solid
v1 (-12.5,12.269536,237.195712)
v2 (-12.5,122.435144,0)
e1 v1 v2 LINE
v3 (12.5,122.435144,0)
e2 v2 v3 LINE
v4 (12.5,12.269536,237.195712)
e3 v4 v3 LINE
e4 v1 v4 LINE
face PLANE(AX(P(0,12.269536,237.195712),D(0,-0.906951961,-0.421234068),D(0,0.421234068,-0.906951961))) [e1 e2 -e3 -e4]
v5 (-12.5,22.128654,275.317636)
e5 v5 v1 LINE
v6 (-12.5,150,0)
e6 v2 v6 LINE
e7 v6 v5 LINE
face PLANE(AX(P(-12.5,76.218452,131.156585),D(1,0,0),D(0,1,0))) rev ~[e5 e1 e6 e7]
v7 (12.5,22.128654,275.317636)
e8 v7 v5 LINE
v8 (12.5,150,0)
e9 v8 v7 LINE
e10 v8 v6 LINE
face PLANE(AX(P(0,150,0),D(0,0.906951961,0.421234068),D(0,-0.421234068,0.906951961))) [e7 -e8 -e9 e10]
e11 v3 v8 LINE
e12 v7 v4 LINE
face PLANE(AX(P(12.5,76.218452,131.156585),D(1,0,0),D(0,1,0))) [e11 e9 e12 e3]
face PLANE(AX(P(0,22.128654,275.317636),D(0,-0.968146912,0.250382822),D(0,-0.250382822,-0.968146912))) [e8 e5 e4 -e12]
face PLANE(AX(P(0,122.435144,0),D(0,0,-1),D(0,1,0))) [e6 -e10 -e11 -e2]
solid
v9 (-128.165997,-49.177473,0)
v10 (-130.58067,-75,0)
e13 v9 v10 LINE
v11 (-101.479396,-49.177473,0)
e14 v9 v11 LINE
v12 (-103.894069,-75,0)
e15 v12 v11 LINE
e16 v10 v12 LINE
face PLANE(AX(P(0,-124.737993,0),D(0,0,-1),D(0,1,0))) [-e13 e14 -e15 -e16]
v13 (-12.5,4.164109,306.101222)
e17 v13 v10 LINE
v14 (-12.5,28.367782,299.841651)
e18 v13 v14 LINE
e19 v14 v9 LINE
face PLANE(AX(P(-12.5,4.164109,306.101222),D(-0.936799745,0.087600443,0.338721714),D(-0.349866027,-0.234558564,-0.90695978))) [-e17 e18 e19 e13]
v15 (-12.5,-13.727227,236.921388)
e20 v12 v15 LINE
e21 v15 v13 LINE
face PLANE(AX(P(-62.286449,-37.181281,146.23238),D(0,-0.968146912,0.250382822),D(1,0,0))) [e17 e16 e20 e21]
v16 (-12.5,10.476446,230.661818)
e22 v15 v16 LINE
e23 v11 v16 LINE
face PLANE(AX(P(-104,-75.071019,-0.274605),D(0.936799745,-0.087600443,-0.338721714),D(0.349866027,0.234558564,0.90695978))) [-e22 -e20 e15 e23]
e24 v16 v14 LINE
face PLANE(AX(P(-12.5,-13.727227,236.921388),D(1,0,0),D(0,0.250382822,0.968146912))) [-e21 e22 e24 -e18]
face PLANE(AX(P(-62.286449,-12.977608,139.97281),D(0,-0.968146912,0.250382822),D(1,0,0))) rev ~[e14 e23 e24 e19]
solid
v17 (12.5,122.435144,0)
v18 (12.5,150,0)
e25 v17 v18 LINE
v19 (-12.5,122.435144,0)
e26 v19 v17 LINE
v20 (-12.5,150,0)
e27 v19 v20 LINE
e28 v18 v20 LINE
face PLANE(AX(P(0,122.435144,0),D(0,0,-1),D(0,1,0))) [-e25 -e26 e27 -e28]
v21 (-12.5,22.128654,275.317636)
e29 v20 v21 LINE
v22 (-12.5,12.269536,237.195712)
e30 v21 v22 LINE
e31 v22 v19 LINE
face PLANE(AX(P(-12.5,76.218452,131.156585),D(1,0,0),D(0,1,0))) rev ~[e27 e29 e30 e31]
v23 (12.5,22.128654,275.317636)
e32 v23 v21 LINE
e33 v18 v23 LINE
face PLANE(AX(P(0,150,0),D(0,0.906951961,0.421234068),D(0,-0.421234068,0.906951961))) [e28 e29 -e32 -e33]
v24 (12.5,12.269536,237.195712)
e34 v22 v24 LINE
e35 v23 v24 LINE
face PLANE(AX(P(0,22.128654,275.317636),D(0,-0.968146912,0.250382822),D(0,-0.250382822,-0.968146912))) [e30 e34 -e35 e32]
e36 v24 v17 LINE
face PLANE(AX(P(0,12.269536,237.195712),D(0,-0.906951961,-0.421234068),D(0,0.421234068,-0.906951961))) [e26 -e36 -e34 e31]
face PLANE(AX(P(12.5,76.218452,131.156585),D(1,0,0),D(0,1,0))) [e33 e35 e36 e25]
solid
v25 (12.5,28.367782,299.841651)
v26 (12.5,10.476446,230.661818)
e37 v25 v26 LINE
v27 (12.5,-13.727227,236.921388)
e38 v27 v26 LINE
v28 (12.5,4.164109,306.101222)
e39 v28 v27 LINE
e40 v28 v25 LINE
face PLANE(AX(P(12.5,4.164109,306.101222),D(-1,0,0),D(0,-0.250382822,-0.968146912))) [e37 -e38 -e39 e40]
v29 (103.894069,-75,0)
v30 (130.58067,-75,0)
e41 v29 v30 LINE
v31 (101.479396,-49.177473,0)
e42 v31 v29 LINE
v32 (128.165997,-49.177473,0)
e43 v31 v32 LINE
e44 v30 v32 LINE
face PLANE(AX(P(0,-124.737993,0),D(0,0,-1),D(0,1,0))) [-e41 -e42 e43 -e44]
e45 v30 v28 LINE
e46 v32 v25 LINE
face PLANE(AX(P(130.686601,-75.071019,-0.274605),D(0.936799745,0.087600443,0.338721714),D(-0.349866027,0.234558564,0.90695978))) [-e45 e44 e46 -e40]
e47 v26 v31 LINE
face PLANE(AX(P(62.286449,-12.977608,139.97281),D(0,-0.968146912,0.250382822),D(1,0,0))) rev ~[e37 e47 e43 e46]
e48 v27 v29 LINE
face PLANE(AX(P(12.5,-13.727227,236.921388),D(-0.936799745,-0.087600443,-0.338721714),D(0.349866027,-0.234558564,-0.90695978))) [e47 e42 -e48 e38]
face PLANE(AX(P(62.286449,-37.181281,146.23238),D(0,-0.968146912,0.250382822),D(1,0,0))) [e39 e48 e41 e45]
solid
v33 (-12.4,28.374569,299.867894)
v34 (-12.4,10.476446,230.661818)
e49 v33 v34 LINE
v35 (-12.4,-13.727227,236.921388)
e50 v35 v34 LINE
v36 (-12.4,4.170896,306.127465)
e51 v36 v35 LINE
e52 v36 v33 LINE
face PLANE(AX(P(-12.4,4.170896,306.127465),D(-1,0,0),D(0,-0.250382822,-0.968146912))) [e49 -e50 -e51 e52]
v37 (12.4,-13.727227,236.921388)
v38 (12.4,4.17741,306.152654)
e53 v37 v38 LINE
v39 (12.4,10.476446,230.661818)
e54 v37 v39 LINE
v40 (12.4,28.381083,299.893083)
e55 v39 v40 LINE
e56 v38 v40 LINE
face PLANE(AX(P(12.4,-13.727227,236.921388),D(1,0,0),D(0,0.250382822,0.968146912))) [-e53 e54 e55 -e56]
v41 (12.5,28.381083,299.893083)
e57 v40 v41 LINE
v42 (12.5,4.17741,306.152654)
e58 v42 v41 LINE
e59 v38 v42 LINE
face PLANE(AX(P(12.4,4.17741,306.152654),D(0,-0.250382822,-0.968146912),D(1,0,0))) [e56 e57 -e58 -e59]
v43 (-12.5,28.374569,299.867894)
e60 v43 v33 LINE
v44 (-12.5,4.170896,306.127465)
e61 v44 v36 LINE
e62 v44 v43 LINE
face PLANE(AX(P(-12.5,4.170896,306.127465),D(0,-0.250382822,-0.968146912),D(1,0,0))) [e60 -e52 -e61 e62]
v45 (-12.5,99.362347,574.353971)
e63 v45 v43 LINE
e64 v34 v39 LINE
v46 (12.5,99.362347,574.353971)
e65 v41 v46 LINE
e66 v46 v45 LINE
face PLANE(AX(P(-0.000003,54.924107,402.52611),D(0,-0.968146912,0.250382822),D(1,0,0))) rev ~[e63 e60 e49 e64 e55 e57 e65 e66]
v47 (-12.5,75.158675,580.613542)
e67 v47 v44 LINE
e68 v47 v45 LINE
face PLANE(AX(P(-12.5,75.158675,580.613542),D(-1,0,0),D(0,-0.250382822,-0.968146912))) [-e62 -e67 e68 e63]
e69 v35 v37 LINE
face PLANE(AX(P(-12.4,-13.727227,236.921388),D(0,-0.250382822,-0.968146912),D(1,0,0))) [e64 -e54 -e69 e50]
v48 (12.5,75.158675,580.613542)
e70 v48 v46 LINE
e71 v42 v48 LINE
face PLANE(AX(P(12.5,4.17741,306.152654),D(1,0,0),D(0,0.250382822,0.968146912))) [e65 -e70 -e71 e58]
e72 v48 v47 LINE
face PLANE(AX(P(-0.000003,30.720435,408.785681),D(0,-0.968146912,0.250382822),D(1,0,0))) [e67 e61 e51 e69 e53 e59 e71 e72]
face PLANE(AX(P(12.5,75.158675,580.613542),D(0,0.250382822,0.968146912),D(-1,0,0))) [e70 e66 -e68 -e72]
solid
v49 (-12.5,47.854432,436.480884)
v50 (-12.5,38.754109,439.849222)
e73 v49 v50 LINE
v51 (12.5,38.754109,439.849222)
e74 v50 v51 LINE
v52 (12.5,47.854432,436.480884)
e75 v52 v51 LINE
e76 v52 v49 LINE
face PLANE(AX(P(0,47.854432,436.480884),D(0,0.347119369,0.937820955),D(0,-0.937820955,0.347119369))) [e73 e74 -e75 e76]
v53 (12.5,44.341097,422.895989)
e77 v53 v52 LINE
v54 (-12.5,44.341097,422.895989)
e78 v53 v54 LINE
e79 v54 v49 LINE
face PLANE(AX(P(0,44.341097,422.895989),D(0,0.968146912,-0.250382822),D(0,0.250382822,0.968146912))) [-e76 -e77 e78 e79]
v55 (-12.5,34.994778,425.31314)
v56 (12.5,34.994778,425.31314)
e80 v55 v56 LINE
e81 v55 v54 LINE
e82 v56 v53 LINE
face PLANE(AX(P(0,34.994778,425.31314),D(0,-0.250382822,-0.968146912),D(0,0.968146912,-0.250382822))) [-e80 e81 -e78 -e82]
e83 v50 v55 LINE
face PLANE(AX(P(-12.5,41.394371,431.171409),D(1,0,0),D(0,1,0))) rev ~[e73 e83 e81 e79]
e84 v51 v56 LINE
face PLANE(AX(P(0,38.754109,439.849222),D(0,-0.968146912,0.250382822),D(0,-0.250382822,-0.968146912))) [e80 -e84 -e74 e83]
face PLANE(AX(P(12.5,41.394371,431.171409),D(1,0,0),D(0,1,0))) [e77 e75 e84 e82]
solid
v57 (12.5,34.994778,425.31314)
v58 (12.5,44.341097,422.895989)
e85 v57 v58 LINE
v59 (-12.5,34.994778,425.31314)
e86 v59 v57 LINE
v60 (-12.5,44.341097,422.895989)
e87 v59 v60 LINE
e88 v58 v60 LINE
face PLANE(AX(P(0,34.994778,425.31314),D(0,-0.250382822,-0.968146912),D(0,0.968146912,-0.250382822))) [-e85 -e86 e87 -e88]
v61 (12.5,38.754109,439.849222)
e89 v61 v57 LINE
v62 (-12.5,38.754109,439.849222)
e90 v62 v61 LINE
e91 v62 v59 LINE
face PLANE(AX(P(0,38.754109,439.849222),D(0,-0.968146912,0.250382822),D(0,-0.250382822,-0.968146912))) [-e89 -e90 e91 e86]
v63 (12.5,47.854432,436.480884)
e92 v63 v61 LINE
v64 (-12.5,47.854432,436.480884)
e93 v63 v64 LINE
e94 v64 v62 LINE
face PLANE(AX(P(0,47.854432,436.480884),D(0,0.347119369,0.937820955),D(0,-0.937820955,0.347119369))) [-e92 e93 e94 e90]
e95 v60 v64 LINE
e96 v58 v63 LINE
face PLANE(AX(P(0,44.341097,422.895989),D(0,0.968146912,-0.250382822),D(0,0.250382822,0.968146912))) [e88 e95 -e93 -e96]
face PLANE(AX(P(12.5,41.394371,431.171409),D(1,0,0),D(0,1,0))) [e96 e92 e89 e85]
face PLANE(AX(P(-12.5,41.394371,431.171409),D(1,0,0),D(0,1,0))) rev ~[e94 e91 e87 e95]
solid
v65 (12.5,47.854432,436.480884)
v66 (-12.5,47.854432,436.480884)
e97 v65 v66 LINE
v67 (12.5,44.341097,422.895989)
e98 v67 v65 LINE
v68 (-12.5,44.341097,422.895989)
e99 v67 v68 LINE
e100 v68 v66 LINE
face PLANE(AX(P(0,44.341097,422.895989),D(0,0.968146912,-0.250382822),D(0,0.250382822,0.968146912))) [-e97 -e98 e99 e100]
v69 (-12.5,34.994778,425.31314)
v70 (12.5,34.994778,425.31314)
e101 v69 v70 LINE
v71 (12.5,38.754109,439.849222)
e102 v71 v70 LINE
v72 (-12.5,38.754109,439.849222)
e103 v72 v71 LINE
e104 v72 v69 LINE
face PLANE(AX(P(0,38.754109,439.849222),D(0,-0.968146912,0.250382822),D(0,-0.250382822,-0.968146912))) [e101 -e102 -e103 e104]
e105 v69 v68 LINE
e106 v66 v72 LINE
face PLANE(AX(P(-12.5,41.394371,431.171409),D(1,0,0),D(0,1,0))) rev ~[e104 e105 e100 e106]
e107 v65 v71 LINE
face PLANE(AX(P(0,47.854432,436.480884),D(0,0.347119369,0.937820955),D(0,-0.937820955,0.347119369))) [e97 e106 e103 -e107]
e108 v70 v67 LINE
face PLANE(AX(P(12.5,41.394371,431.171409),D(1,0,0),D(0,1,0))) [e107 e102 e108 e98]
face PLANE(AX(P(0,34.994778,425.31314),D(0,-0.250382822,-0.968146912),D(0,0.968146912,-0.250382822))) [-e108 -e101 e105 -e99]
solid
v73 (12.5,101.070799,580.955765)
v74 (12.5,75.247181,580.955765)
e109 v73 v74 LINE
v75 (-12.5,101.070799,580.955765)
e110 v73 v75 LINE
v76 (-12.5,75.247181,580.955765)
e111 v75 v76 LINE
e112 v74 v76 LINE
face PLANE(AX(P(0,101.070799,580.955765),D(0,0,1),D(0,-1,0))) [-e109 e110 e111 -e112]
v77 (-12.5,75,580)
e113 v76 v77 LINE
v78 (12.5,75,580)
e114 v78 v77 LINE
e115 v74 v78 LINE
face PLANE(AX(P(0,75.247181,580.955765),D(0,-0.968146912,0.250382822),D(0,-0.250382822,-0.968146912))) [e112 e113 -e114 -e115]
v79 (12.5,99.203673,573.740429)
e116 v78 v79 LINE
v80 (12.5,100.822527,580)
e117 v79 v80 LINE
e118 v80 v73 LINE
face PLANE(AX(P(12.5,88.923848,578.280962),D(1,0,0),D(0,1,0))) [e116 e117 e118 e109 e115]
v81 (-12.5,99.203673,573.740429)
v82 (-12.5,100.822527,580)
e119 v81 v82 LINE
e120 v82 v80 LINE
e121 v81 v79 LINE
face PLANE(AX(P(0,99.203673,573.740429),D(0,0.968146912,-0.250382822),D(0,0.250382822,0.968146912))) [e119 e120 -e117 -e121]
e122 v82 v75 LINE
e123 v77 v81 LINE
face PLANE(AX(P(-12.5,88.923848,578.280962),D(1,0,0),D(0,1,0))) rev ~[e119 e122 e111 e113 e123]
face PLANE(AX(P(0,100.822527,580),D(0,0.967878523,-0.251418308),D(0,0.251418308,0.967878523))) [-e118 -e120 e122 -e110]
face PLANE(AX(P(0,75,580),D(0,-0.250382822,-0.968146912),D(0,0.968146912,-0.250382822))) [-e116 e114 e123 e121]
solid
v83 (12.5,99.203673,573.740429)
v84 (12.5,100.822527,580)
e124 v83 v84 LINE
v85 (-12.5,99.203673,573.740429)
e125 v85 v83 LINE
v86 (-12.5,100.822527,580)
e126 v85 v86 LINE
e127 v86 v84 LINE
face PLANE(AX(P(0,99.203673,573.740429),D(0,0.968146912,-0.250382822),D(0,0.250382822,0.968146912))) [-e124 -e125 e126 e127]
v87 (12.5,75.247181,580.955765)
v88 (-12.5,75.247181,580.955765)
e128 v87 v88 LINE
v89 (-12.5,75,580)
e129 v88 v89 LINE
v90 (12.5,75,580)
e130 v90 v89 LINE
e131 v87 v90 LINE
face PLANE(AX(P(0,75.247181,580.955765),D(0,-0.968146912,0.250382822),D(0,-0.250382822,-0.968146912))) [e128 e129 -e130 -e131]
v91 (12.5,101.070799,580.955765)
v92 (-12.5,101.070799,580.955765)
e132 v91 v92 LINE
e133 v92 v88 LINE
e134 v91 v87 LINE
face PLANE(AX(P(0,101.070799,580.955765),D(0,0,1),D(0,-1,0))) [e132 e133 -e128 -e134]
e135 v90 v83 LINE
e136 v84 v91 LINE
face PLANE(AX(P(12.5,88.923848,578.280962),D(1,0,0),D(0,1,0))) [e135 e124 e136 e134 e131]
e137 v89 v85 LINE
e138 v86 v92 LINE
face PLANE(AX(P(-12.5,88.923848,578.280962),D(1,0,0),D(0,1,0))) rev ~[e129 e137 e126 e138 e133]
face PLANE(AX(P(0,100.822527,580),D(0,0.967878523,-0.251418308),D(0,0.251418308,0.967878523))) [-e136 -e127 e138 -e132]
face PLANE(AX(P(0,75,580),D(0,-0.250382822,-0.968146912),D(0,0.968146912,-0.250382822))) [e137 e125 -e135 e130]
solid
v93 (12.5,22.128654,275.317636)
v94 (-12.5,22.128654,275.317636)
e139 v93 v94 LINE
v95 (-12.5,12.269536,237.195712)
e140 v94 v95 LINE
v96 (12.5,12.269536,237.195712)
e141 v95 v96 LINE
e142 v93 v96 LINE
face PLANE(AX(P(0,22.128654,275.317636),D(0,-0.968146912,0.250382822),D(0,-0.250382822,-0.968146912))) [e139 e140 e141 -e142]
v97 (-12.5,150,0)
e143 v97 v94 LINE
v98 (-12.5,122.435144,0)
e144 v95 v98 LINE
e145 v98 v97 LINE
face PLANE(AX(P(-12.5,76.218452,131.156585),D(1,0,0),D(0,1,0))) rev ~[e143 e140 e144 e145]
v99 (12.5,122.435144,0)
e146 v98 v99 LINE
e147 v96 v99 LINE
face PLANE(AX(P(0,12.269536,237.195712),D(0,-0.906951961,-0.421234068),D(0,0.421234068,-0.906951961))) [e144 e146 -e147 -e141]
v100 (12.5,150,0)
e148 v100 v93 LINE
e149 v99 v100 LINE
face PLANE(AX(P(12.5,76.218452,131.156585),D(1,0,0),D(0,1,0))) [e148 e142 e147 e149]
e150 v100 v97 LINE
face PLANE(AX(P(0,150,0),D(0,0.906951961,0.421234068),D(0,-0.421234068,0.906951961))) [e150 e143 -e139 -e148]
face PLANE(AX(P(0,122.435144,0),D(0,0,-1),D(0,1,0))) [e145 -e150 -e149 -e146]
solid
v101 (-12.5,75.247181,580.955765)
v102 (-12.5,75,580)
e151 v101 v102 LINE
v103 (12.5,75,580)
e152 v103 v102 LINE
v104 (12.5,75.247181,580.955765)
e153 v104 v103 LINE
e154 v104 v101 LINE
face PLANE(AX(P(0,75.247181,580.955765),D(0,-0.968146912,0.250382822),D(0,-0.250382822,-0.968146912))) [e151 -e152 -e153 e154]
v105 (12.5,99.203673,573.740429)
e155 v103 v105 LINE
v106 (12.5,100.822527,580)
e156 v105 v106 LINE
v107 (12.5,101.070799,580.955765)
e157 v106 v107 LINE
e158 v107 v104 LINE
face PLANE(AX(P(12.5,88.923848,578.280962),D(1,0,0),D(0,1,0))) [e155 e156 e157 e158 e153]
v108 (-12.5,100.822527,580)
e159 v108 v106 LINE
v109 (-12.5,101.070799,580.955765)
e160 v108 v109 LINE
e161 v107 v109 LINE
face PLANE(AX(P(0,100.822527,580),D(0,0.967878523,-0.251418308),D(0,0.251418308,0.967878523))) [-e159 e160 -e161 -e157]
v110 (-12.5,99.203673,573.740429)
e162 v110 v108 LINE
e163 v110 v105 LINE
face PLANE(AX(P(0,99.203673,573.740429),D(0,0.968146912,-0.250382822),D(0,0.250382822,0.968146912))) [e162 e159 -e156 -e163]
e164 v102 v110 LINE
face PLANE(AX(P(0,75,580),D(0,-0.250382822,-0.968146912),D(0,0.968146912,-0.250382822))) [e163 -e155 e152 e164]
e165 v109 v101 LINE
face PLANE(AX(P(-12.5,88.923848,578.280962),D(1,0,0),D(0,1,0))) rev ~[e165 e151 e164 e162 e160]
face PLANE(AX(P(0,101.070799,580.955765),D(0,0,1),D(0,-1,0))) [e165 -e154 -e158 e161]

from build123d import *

# Parameters (mm, degrees)
F1_DEPTH = 12.5
F4_DEPTH = 25
F5_W     = 124.7379928827
F5_H     = 31.2326587737
F6_DEPTH = 144
F7_DEPTH = 286
F8_DEPTH = 12.5
F9_DEPTH = 12.5


with BuildPart() as f1:
    # F0 (on Right) → F1 (new body, symmetric)
    with BuildSketch(Plane.YZ):
        Polygon((47.8544318382, 436.4808841203), (38.7541092446, 439.8492224126), (34.9947776088, 425.3131400874), (44.3410967838, 422.8959885766), align=None)
    extrude(amount=F1_DEPTH, both=True)

    # F5 (on Right) → F7 (cut)
    with BuildSketch(Plane.YZ):
        with Locations((-62.3689964414, -15.6163293868)):
            Rectangle(F5_W, F5_H)
    extrude(amount=F7_DEPTH, mode=Mode.SUBTRACT)


with BuildPart() as f1b:
    # F0 (on Right) → F1, piece 2 (new body, symmetric)
    with BuildSketch(Plane.YZ):
        Polygon((100.8225272427, 580), (75, 580), (99.2036727903, 573.7404294508), align=None)
        Polygon((75.2471806221, 580.9557650723), (75, 580), (100.8225272427, 580), (101.0707989335, 580.9557650723), align=None)
    extrude(amount=F1_DEPTH, both=True)


with BuildPart() as f1c:
    # F0 (on Right) → F1, piece 3 (new body, symmetric)
    with BuildSketch(Plane.YZ):
        Polygon((22.1286542179, 275.3176358827), (12.2695358597, 237.1957115644), (122.4351442278, 0), (150, 0), align=None)
    extrude(amount=F1_DEPTH, both=True)


with BuildPart() as f4:
    # F3 (on offset) → F4 (new body)
    with BuildSketch(Plane(origin=(0, -70.2981331847, 18.1805516857), x_dir=(1, 0, 0), z_dir=(0, -0.9681469116, 0.250382822))):
        Polygon((-104, -19.0623514354), (-12.5, 225.9376485646), (-12.5, 297.3935737636), (-35.919994271, 234.6842994862), (-127.419994271, -10.3157005138), (-130.6866006356, -19.0623514354), (-130, -19.0623514354), align=None)
    extrude(amount=-F4_DEPTH)


with BuildPart() as f4b:
    # F3 (on offset) → F4, piece 2 (new body)
    with BuildSketch(Plane(origin=(0, -70.2981331847, 18.1805516857), x_dir=(1, 0, 0), z_dir=(0, -0.9681469116, 0.250382822))):
        Polygon((-12.4, 225.9376485646), (12.4, 225.9376485646), (12.4, 297.3935737636), (12.4, 297.4466979504), (12.5, 297.4466979504), (12.5, 580.9376485646), (-12.5, 580.9376485646), (-12.5, 297.4206805229), (-12.4, 297.4206805229), (-12.4, 297.3935737636), align=None)
    extrude(amount=-F4_DEPTH)


with BuildPart() as f4c:
    # F3 (on offset) → F4, piece 3 (new body)
    with BuildSketch(Plane(origin=(0, -70.2981331847, 18.1805516857), x_dir=(1, 0, 0), z_dir=(0, -0.9681469116, 0.250382822))):
        Polygon((12.5, 297.3935737636), (12.5, 225.9376485646), (104, -19.0623514354), (130.6866006356, -19.0623514354), (127.419994271, -10.3157005138), align=None)
    extrude(amount=-F4_DEPTH)


with BuildPart() as f6_tool:
    # F5 (on Right) → F6 (new body, symmetric)
    with BuildSketch(Plane.YZ):
        with Locations((-62.3689964414, -15.6163293868)):
            Rectangle(F5_W, F5_H)
    extrude(amount=F6_DEPTH, both=True)


with BuildPart() as f4_1:
    add(f4.part)

    # F6: cut by f6_tool
    add(f6_tool.part, mode=Mode.SUBTRACT)


with BuildPart() as f4c_1:
    add(f4c.part)

    # F6: cut by f6_tool
    add(f6_tool.part, mode=Mode.SUBTRACT)


with BuildPart() as f8:
    # F0 (on Right) → F8 (new body, symmetric)
    with BuildSketch(Plane.YZ):
        Polygon((47.8544318382, 436.4808841203), (38.7541092446, 439.8492224126), (34.9947776088, 425.3131400874), (44.3410967838, 422.8959885766), align=None)
    extrude(amount=F8_DEPTH, both=True)


with BuildPart() as f8b:
    # F0 (on Right) → F8, piece 2 (new body, symmetric)
    with BuildSketch(Plane.YZ):
        Polygon((100.8225272427, 580), (75, 580), (99.2036727903, 573.7404294508), align=None)
        Polygon((75.2471806221, 580.9557650723), (75, 580), (100.8225272427, 580), (101.0707989335, 580.9557650723), align=None)
    extrude(amount=F8_DEPTH, both=True)


with BuildPart() as f8c:
    # F0 (on Right) → F8, piece 3 (new body, symmetric)
    with BuildSketch(Plane.YZ):
        Polygon((22.1286542179, 275.3176358827), (12.2695358597, 237.1957115644), (122.4351442278, 0), (150, 0), align=None)
    extrude(amount=F8_DEPTH, both=True)


with BuildPart() as f9:
    # F0 (on Right) → F9 (new body, symmetric)
    with BuildSketch(Plane.YZ):
        Polygon((47.8544318382, 436.4808841203), (38.7541092446, 439.8492224126), (34.9947776088, 425.3131400874), (44.3410967838, 422.8959885766), align=None)
    extrude(amount=F9_DEPTH, both=True)


with BuildPart() as f9b:
    # F0 (on Right) → F9, piece 2 (new body, symmetric)
    with BuildSketch(Plane.YZ):
        Polygon((100.8225272427, 580), (75, 580), (99.2036727903, 573.7404294508), align=None)
        Polygon((75.2471806221, 580.9557650723), (75, 580), (100.8225272427, 580), (101.0707989335, 580.9557650723), align=None)
    extrude(amount=F9_DEPTH, both=True)


with BuildPart() as f9c:
    # F0 (on Right) → F9, piece 3 (new body, symmetric)
    with BuildSketch(Plane.YZ):
        Polygon((22.1286542179, 275.3176358827), (12.2695358597, 237.1957115644), (122.4351442278, 0), (150, 0), align=None)
    extrude(amount=F9_DEPTH, both=True)


solid = Compound([f1.part, f1b.part, f1c.part, f4b.part, f4_1.part, f4c_1.part, f8.part, f8b.part, f8c.part, f9.part, f9b.part, f9c.part])
